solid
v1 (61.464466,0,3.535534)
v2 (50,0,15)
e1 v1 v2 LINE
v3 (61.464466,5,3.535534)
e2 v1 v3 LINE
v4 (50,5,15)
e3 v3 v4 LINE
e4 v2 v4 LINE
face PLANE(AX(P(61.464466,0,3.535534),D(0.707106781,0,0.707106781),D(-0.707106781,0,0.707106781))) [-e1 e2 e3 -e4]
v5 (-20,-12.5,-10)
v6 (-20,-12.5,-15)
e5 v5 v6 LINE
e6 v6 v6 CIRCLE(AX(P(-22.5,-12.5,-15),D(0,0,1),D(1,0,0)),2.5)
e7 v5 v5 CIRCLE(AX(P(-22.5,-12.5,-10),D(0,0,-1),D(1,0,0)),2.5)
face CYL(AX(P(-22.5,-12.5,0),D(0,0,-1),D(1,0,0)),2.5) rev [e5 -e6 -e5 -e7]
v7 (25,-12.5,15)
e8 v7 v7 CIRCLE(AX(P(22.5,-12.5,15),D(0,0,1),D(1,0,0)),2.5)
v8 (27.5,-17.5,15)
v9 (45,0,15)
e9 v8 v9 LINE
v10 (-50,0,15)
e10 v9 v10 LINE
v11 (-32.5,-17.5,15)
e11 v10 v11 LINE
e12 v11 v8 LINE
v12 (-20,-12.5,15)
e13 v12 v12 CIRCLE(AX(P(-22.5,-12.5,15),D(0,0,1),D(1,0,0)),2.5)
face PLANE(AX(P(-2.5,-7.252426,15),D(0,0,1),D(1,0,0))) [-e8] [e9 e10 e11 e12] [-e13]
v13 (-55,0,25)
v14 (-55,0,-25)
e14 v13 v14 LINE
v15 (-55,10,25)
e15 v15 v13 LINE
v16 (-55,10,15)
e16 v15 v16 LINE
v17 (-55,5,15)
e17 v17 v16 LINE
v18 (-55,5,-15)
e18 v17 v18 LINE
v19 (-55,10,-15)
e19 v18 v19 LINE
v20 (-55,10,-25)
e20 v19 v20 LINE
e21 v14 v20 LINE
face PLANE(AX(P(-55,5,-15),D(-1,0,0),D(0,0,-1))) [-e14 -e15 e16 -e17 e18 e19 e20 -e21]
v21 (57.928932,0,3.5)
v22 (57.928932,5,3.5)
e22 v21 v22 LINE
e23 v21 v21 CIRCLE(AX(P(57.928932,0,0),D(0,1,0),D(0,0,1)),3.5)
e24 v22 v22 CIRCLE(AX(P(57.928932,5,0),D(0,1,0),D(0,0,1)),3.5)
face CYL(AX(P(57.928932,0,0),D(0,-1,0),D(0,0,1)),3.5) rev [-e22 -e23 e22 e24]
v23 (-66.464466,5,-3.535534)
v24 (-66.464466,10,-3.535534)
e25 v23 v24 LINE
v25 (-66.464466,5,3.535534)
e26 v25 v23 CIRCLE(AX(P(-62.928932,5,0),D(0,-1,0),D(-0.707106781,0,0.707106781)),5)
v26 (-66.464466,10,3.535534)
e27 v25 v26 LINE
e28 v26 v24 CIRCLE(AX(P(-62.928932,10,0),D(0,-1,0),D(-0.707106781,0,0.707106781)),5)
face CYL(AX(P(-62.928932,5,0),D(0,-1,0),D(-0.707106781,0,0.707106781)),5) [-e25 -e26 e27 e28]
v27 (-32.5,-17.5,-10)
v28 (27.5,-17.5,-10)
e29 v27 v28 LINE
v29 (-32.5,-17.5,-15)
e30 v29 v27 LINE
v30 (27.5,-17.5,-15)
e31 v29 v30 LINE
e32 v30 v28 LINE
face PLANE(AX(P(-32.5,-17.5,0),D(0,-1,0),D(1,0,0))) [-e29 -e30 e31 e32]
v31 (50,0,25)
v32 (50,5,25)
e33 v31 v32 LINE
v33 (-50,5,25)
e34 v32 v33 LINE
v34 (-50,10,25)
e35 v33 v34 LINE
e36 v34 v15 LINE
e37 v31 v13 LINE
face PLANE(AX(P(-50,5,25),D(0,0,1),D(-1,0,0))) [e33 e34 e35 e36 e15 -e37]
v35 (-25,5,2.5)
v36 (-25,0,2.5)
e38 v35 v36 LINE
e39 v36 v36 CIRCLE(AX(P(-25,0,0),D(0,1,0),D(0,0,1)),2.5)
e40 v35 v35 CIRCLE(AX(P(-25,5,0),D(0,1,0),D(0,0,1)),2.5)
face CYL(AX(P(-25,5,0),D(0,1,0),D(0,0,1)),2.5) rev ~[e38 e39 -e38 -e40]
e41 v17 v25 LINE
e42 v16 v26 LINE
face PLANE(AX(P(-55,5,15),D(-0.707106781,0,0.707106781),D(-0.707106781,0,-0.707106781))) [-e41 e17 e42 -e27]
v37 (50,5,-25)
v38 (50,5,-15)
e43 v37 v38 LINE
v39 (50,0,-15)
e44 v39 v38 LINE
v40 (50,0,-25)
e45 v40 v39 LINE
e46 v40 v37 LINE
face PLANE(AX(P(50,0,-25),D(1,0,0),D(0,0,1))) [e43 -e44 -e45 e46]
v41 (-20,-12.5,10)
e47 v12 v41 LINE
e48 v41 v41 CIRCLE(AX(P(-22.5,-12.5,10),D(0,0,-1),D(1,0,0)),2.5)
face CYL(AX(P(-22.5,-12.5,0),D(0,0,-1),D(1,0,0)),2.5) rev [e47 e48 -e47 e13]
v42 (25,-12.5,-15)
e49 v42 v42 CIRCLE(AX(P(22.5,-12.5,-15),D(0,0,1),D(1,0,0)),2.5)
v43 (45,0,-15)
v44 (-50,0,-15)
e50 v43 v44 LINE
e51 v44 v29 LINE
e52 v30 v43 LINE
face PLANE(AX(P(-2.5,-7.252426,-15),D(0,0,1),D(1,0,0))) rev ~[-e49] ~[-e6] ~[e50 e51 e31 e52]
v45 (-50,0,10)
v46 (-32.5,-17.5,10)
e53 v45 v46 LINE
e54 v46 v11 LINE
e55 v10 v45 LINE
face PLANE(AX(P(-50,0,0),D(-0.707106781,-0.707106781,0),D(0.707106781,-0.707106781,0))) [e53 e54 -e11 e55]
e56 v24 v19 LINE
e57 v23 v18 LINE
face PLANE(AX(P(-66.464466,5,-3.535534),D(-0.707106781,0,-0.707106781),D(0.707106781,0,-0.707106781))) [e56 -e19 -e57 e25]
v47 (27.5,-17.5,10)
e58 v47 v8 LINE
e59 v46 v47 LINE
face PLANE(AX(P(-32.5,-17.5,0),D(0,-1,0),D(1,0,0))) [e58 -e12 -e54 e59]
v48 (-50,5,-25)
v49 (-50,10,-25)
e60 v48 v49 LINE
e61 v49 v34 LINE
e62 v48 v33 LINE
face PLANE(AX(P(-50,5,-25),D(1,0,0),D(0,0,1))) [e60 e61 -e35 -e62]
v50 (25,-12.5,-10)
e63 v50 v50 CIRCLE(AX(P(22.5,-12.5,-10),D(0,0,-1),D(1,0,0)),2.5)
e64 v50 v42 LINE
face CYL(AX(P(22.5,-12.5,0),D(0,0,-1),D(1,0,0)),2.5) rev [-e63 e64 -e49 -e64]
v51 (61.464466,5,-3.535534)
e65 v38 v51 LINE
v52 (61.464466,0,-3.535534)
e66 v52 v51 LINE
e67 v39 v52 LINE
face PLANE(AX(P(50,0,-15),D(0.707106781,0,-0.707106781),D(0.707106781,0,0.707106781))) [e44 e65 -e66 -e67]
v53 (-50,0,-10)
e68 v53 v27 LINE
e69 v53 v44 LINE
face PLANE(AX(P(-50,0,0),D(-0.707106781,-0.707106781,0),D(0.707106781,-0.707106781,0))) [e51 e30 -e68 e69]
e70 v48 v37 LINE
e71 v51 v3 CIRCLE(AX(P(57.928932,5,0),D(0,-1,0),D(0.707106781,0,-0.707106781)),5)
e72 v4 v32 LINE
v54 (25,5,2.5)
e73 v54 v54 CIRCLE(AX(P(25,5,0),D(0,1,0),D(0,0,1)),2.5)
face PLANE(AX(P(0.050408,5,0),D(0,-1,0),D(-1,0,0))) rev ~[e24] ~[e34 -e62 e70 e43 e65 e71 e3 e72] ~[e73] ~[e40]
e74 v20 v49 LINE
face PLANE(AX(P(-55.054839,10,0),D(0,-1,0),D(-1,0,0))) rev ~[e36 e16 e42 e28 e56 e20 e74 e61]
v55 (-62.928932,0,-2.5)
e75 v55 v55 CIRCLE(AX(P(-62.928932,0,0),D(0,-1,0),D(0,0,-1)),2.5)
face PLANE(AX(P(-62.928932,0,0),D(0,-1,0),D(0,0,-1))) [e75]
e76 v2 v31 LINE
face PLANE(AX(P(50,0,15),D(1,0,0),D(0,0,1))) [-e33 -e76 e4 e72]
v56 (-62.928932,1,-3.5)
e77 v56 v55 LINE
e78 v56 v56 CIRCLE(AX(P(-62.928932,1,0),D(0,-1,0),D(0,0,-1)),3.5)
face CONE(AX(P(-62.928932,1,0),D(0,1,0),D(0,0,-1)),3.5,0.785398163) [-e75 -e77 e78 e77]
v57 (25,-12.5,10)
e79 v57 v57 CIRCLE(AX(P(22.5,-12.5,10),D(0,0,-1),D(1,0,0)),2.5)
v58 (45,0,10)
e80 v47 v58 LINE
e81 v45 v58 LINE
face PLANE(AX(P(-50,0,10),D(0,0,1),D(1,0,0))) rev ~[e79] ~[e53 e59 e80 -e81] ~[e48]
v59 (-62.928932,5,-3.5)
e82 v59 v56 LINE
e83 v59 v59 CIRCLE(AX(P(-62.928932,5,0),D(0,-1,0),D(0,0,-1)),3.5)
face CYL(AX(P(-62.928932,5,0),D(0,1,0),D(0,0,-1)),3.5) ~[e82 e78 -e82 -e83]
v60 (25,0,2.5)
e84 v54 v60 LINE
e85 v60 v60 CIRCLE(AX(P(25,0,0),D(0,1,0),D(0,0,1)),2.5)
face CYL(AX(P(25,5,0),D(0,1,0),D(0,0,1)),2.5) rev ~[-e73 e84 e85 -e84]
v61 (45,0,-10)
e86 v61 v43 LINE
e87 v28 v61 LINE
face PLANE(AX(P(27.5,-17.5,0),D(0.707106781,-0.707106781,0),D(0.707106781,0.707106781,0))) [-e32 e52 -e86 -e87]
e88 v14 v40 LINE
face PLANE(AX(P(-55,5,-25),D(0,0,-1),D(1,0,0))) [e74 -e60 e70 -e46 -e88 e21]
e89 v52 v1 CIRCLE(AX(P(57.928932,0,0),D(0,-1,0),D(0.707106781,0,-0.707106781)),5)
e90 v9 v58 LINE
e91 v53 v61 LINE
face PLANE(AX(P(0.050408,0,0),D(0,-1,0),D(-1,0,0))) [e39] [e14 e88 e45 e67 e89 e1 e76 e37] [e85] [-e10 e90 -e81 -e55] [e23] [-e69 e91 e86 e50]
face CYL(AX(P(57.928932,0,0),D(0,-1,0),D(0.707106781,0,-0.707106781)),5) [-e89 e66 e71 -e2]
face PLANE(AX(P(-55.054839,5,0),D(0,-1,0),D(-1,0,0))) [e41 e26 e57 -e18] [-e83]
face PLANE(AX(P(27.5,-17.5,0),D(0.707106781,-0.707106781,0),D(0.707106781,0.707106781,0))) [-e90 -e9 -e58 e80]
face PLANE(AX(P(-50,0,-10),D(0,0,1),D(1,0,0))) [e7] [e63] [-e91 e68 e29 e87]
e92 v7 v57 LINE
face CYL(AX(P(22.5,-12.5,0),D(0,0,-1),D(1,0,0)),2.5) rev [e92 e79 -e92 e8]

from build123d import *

# Parameters (mm, degrees)
SKETCH1_R           = 3.5
BOSS_EXTRUDE1_DEPTH = 5
BOSS_EXTRUDE2_DEPTH = 5
SKETCH3_R           = 3.5
BOSS_EXTRUDE3_DEPTH = 5
SKETCH4_R           = 2.5
BOSS_EXTRUDE4_DEPTH = 15
CUT_EXTRUDE1_REACH  = 76.469
SKETCH5_W           = 100
SKETCH5_H           = 20
CUT_EXTRUDE2_REACH  = 77.8
SKETCH6_R           = 2.5
CHAMFER1_SIZE       = 1


with BuildPart() as part:
    # Sketch1 → Boss-Extrude1 (new body)
    with BuildSketch(Plane(origin=(0, 0, 0), x_dir=(1, 0, 0), z_dir=(0, 1, 0))):
        with BuildLine():
            Line((50, 15), (61.464466094, 3.535533906))
            ThreePointArc((61.464466094, 3.535533906), (62.928932188, 0), (61.464466094, -3.535533906))
            Line((61.464466094, -3.535533906), (50, -15))
            Line((50, -15), (50, -25))
            Line((50, -25), (-55, -25))
            Line((-55, -25), (-55, 25))
            Line((-55, 25), (50, 25))
            Line((50, 25), (50, 15))
        make_face()
        with Locations(Location((57.928932188, 0, 0), (0, 0, 270))):
            Circle(SKETCH1_R, mode=Mode.SUBTRACT)
    extrude(amount=BOSS_EXTRUDE1_DEPTH)

    # Sketch2 → Boss-Extrude2 (add)
    with BuildSketch(Plane(origin=(0, 5, 0), x_dir=(1, 0, 0), z_dir=(0, 1, 0))):
        with BuildLine():
            Line((-50, 25), (-50, -25))
            Line((-50, -25), (-55, -25))
            Line((-55, -25), (-55, -15))
            Line((-55, -15), (-66.464466094, -3.535533906))
            ThreePointArc((-66.464466094, -3.535533906), (-67.928932188, 0), (-66.464466094, 3.535533906))
            Line((-66.464466094, 3.535533906), (-55, 15))
            Line((-55, 15), (-55, 25))
            Line((-55, 25), (-50, 25))
        make_face()
    extrude(amount=BOSS_EXTRUDE2_DEPTH)

    # Sketch3 → Boss-Extrude3 (add)
    with BuildSketch(Plane.XZ.offset(-5)):
        with Locations(Location((-62.928932188, 0, 0), (0, 0, 270))):
            Circle(SKETCH3_R)
    extrude(amount=BOSS_EXTRUDE3_DEPTH)

    # Sketch4 → Boss-Extrude4 (add, symmetric)
    with BuildSketch(Plane.XY):
        Polygon((-50, 0), (-32.5, -17.5), (27.5, -17.5), (45, 0), align=None)
        with Locations((-22.5, -12.5)):
            Circle(SKETCH4_R, mode=Mode.SUBTRACT)
        with Locations((22.5, -12.5)):
            Circle(SKETCH4_R, mode=Mode.SUBTRACT)
    extrude(amount=BOSS_EXTRUDE4_DEPTH, both=True)

    # Sketch5 → Cut-Extrude1 (cut, up to next)
    with BuildSketch(Plane.XZ, mode=Mode.PRIVATE) as cut_extrude1_sk1:
        Rectangle(SKETCH5_W, SKETCH5_H)
    cut_extrude1_tool1 = extrude(cut_extrude1_sk1.sketch, amount=CUT_EXTRUDE1_REACH, mode=Mode.PRIVATE) & part.part
    add(cut_extrude1_tool1.solids().sort_by_distance((0, 0, 0))[0], mode=Mode.SUBTRACT)

    # Sketch6 → Cut-Extrude2 (cut, up to next)
    with BuildSketch(Plane(origin=(0, 5, 0), x_dir=(1, 0, 0), z_dir=(0, 1, 0)), mode=Mode.PRIVATE) as cut_extrude2_sk1:
        with Locations(Location((25, 0, 0), (0, 0, 270))):
            Circle(SKETCH6_R)
    cut_extrude2_tool1 = extrude(cut_extrude2_sk1.sketch, amount=-CUT_EXTRUDE2_REACH, mode=Mode.PRIVATE) & part.part
    # Sketch6 → Cut-Extrude2 (cut, up to next)
    with BuildSketch(Plane(origin=(0, 5, 0), x_dir=(1, 0, 0), z_dir=(0, 1, 0)), mode=Mode.PRIVATE) as cut_extrude2_sk2:
        with Locations(Location((-25, 0, 0), (0, 0, 270))):
            Circle(SKETCH6_R)
    cut_extrude2_tool2 = extrude(cut_extrude2_sk2.sketch, amount=-CUT_EXTRUDE2_REACH, mode=Mode.PRIVATE) & part.part
    add(cut_extrude2_tool1.solids().sort_by_distance((25, 5, 0))[0], mode=Mode.SUBTRACT)
    add(cut_extrude2_tool2.solids().sort_by_distance((-25, 5, 0))[0], mode=Mode.SUBTRACT)

    # Chamfer1
    chamfer1_edges = [part.edges().sort_by_distance(p)[0] for p in [
        (-62.928932188, 0, 3.5),
    ]]
    chamfer(chamfer1_edges, length=CHAMFER1_SIZE)


solid = part.part
